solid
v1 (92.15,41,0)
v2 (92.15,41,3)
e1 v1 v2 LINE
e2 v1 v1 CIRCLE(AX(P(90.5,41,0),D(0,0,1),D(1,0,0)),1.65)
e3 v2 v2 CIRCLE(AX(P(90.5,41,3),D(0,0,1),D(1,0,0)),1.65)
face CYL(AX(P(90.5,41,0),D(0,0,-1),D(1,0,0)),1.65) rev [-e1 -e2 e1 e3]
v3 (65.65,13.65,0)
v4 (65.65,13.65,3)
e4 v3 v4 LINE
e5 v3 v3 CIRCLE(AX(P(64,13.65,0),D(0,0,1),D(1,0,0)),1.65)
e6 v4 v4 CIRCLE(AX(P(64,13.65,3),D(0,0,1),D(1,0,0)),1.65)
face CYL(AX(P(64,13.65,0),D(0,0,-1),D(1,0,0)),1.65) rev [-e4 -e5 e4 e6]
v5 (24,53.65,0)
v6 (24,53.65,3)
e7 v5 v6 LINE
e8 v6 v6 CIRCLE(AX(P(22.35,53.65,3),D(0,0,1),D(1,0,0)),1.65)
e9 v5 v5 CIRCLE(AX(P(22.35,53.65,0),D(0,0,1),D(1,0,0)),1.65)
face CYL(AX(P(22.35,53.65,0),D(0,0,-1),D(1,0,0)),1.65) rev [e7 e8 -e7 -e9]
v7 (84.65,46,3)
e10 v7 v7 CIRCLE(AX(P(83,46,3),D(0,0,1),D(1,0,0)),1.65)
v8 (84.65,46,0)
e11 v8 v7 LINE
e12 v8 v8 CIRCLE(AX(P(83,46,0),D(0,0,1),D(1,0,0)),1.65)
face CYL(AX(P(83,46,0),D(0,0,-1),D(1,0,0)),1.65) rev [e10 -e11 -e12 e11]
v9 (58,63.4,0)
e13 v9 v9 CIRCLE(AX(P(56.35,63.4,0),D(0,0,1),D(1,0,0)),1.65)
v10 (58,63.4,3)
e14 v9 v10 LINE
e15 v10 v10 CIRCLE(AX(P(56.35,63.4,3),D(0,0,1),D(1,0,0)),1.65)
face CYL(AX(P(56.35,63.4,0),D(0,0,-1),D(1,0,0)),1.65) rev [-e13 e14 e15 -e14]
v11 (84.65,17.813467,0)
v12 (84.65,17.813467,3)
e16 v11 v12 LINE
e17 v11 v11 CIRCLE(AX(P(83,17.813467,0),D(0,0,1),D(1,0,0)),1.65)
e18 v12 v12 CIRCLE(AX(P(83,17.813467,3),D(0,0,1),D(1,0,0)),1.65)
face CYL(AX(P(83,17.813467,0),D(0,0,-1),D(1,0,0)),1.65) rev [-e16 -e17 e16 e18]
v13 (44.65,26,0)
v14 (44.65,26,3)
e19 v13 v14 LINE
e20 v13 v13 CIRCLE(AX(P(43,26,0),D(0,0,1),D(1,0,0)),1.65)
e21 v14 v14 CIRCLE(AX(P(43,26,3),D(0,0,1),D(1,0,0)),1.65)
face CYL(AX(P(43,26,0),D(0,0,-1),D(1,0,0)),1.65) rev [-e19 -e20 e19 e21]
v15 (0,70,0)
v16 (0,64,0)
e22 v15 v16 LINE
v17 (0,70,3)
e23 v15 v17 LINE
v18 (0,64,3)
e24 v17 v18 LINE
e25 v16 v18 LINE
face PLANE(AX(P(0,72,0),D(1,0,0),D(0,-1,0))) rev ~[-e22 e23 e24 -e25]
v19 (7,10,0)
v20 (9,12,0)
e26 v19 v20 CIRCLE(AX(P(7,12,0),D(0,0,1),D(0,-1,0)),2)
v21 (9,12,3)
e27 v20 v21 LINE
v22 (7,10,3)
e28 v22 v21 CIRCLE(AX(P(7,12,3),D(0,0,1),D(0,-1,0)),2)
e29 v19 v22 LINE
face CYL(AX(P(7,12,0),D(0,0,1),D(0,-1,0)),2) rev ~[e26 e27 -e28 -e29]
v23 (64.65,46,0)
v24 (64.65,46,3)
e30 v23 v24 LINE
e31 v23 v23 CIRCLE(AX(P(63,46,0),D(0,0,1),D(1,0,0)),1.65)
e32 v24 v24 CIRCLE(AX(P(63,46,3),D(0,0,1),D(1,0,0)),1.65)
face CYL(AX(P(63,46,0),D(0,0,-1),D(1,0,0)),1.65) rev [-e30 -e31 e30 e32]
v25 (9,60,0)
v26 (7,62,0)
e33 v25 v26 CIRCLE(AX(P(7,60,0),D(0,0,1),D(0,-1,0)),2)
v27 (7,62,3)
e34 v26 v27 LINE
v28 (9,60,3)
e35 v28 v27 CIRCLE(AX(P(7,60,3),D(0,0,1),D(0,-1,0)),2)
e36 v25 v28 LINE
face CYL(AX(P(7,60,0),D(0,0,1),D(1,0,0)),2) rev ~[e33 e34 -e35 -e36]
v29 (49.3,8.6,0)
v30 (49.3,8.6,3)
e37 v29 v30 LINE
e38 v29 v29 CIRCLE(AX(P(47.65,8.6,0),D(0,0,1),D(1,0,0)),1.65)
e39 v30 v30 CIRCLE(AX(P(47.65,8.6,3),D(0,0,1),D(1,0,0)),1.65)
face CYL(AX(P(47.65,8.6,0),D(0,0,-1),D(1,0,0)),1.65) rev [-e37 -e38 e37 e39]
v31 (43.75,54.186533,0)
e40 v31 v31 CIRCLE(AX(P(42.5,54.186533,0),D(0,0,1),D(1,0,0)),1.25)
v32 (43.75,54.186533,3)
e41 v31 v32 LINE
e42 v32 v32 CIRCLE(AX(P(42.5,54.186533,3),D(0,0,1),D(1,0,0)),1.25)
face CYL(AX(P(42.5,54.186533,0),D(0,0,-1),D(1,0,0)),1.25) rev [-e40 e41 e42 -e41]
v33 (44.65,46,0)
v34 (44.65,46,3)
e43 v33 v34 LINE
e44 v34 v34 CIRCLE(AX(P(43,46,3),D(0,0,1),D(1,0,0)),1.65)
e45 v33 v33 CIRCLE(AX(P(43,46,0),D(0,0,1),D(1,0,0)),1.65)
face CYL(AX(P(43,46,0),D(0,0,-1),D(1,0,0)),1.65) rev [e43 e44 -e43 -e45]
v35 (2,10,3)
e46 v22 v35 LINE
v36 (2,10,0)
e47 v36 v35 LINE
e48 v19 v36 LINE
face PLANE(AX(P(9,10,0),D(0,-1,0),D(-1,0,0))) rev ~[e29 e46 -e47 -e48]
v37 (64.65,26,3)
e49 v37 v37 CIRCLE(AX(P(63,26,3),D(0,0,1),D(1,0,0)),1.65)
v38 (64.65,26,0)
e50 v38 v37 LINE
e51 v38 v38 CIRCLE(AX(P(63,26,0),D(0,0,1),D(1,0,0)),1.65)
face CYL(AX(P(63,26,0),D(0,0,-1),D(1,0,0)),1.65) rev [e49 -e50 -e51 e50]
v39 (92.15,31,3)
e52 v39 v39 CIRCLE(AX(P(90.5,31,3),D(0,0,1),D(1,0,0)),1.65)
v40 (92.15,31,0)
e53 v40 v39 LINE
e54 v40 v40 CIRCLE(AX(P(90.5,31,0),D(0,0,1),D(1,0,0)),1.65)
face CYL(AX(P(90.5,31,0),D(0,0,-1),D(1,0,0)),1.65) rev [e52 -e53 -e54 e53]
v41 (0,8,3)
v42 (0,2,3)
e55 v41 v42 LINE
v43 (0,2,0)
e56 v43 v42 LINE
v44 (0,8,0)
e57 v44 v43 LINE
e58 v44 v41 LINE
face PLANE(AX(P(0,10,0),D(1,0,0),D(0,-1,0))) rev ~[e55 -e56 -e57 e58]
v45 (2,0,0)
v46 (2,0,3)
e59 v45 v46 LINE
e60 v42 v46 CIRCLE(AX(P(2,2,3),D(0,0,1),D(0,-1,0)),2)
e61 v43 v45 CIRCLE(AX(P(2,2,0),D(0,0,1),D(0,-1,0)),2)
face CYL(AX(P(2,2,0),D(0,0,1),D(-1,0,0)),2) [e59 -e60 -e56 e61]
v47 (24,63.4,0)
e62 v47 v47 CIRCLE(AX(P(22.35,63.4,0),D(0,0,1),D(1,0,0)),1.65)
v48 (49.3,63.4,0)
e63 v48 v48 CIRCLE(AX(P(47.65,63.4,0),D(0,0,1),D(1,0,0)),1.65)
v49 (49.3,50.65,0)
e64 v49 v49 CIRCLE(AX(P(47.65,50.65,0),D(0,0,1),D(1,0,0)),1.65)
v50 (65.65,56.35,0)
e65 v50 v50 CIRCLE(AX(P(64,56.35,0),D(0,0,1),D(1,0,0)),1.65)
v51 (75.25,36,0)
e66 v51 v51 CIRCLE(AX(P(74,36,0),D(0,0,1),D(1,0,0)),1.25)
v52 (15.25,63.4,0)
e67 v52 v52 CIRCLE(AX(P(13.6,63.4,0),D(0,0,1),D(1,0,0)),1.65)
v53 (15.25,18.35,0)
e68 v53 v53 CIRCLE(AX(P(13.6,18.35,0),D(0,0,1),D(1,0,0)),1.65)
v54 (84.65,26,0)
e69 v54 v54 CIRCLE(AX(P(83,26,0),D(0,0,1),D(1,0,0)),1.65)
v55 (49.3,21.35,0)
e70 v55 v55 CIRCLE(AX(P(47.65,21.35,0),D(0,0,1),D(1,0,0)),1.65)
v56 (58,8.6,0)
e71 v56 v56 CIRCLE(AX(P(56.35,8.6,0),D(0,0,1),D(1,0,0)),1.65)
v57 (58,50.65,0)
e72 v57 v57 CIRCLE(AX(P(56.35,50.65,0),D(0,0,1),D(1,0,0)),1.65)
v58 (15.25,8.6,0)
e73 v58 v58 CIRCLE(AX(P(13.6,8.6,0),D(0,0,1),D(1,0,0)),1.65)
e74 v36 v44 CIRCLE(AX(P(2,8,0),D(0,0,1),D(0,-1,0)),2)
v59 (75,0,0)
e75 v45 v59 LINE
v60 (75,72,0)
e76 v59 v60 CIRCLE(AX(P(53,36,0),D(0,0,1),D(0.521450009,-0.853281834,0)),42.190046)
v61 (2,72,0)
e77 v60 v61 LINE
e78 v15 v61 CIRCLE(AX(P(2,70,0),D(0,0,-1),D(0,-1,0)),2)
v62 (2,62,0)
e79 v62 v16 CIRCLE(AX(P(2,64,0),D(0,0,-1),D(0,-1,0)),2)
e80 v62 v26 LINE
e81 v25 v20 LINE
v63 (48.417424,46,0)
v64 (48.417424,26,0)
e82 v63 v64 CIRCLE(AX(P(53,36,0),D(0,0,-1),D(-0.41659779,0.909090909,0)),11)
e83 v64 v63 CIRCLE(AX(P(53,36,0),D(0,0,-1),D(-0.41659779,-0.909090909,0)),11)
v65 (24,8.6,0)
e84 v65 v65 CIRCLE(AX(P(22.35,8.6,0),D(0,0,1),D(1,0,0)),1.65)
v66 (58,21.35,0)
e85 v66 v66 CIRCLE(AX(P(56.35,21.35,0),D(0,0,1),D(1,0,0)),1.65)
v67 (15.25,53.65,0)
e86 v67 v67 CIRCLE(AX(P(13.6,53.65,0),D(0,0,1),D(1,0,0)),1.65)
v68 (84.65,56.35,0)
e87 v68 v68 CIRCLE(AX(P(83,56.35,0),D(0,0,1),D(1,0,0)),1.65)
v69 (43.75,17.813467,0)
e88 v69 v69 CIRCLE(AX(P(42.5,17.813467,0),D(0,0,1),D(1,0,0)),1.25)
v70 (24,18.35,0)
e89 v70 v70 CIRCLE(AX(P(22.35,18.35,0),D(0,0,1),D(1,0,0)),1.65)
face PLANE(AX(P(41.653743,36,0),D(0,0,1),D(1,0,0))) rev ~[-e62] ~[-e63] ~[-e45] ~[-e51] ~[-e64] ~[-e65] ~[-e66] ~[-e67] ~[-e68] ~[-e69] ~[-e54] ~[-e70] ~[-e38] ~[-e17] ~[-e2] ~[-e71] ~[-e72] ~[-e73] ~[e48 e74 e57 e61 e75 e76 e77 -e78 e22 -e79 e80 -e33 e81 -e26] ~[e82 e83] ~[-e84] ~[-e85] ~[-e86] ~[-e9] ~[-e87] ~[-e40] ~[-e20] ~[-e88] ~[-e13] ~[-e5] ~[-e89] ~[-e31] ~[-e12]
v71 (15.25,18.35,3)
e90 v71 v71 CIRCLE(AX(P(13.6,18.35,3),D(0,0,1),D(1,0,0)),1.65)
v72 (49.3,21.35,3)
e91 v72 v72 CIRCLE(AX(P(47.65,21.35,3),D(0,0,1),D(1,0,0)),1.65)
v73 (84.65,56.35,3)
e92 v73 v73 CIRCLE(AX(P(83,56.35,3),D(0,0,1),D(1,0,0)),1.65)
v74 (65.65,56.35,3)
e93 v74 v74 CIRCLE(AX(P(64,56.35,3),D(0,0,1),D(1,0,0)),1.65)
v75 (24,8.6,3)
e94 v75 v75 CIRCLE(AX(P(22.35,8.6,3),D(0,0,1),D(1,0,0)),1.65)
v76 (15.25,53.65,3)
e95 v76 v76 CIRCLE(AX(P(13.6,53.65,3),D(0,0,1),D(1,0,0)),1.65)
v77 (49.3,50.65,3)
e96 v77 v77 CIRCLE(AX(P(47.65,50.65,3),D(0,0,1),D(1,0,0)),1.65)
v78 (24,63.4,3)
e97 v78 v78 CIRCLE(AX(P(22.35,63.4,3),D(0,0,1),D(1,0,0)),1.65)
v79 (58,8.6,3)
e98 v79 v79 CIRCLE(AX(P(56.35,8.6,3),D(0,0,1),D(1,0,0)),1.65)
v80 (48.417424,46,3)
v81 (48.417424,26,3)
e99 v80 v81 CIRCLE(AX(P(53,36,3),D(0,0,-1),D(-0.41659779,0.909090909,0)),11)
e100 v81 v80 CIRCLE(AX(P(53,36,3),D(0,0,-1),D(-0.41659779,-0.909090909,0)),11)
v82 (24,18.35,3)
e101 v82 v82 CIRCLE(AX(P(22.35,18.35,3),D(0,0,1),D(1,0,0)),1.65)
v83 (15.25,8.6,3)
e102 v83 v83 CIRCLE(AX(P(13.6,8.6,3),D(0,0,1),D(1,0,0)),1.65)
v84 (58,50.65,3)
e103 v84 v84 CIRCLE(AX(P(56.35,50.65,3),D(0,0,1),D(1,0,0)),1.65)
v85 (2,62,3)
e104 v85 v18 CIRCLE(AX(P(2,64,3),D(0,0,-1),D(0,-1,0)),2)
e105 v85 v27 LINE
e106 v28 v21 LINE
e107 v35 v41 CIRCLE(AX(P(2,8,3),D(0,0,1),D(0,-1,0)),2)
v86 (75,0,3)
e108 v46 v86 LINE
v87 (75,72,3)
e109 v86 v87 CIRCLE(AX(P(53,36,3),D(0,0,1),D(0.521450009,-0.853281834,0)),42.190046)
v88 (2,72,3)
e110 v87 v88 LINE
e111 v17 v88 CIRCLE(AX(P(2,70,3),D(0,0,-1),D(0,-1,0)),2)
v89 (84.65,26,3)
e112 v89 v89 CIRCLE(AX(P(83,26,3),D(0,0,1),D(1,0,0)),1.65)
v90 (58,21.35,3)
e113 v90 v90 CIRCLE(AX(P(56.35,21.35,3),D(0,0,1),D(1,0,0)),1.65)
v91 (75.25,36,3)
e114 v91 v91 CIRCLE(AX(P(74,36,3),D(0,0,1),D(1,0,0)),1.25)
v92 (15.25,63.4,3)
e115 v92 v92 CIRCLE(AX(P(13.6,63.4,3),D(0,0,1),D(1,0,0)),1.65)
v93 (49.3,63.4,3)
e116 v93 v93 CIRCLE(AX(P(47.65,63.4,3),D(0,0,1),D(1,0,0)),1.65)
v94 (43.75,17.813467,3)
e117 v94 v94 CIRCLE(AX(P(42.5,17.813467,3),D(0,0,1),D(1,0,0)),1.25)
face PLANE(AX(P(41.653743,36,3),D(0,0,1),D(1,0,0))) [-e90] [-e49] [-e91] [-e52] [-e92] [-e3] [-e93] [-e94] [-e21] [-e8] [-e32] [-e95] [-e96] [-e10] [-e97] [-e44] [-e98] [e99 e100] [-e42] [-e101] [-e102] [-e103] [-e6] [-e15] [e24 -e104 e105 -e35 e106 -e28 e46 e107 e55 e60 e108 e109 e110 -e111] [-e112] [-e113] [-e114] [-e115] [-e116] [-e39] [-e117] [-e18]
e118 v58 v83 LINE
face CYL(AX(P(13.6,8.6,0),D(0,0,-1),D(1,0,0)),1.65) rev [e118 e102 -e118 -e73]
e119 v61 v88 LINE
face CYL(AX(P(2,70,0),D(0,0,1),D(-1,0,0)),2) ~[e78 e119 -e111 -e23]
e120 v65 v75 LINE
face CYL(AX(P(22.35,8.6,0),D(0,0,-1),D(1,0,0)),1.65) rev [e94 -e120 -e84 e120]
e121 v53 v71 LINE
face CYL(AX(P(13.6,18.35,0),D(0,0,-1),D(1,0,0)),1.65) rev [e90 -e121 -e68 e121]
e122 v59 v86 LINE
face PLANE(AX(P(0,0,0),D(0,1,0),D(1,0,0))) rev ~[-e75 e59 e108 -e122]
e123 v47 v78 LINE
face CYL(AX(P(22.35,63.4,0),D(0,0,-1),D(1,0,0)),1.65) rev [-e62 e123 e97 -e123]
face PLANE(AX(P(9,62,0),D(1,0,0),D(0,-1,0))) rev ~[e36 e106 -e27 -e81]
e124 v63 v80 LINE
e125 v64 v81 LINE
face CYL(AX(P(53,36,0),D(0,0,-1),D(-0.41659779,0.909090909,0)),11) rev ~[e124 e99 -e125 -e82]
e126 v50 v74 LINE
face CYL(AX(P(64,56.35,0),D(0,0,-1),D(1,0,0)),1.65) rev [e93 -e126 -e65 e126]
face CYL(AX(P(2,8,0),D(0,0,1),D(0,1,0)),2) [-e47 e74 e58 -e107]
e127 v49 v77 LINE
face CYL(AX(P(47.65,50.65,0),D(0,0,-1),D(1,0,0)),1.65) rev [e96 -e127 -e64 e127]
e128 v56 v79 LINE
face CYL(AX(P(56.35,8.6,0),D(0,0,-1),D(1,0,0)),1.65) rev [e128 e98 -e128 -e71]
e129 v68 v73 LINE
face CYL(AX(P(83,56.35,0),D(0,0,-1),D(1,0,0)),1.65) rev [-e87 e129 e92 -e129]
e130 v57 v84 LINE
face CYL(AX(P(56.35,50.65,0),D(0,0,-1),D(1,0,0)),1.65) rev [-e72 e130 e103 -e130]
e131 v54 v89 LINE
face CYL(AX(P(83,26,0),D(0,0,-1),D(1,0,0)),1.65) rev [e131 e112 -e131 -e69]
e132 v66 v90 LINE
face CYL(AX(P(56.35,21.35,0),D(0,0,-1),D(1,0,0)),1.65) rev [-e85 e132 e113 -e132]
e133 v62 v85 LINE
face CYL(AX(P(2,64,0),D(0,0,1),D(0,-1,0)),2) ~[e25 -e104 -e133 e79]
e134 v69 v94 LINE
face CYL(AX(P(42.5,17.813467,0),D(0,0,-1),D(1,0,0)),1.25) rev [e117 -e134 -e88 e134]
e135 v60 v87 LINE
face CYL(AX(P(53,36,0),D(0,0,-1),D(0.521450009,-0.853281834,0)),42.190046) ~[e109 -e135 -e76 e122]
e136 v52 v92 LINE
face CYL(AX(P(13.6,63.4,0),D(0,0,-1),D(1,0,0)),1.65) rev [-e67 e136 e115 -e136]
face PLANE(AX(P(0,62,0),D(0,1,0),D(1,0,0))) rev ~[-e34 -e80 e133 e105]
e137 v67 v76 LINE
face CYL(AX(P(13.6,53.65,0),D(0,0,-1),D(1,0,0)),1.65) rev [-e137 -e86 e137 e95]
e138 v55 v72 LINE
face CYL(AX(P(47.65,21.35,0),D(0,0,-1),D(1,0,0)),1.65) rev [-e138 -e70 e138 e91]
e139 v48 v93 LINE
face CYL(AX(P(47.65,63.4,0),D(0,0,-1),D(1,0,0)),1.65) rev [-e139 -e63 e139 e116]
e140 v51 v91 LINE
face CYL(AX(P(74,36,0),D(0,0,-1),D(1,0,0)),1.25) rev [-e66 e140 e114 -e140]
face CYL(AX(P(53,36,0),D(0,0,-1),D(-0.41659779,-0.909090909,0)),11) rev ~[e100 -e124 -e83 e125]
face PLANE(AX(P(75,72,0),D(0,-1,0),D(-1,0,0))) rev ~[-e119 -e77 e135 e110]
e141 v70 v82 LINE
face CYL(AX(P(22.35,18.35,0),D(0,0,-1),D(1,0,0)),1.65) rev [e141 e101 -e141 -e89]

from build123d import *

# Parameters (mm, degrees)
SKETCH_3_R      = 1.65
SKETCH_3_R_2    = 1.25
EXTRUDE_2_DEPTH = 3
FILLET_2_R      = 2


with BuildPart() as part:
    # 草图3 → 凸台-拉伸2 (new body)
    with BuildSketch(Plane.XY):
        with BuildLine():
            Line((9, 10), (0, 10))
            Line((0, 10), (0, 0))
            Line((0, 0), (75, 0))
            ThreePointArc((75, 0), (95.190046219, 36), (75, 72))
            Line((75, 72), (0, 72))
            Line((0, 72), (0, 62))
            Line((0, 62), (9, 62))
            Line((9, 62), (9, 10))
        make_face()
        with Locations((13.6, 8.6)):
            Circle(SKETCH_3_R, mode=Mode.SUBTRACT)
        with Locations((22.35, 8.6)):
            Circle(SKETCH_3_R, mode=Mode.SUBTRACT)
        with Locations((13.6, 18.35)):
            Circle(SKETCH_3_R, mode=Mode.SUBTRACT)
        with Locations((22.35, 18.35)):
            Circle(SKETCH_3_R, mode=Mode.SUBTRACT)
        with Locations((47.65, 8.6)):
            Circle(SKETCH_3_R, mode=Mode.SUBTRACT)
        with Locations((42.5, 17.813466521)):
            Circle(SKETCH_3_R_2, mode=Mode.SUBTRACT)
        with Locations((47.65, 21.35)):
            Circle(SKETCH_3_R, mode=Mode.SUBTRACT)
        with Locations((43, 26)):
            Circle(SKETCH_3_R, mode=Mode.SUBTRACT)
        with Locations((56.35, 8.6)):
            Circle(SKETCH_3_R, mode=Mode.SUBTRACT)
        with Locations((64, 13.65)):
            Circle(SKETCH_3_R, mode=Mode.SUBTRACT)
        with Locations((56.35, 21.35)):
            Circle(SKETCH_3_R, mode=Mode.SUBTRACT)
        with Locations((83, 17.813466521)):
            Circle(SKETCH_3_R, mode=Mode.SUBTRACT)
        with Locations((63, 26)):
            Circle(SKETCH_3_R, mode=Mode.SUBTRACT)
        with Locations((83, 26)):
            Circle(SKETCH_3_R, mode=Mode.SUBTRACT)
        with Locations((90.5, 31)):
            Circle(SKETCH_3_R, mode=Mode.SUBTRACT)
        with Locations((43, 46)):
            Circle(SKETCH_3_R, mode=Mode.SUBTRACT)
        with Locations((13.6, 53.65)):
            Circle(SKETCH_3_R, mode=Mode.SUBTRACT)
        with Locations((22.35, 53.65)):
            Circle(SKETCH_3_R, mode=Mode.SUBTRACT)
        with Locations((13.6, 63.4)):
            Circle(SKETCH_3_R, mode=Mode.SUBTRACT)
        with Locations((22.35, 63.4)):
            Circle(SKETCH_3_R, mode=Mode.SUBTRACT)
        with Locations((47.65, 50.65)):
            Circle(SKETCH_3_R, mode=Mode.SUBTRACT)
        with Locations((42.5, 54.186533479)):
            Circle(SKETCH_3_R_2, mode=Mode.SUBTRACT)
        with Locations((47.65, 63.4)):
            Circle(SKETCH_3_R, mode=Mode.SUBTRACT)
        with BuildLine():
            ThreePointArc((48.417424305, 26), (42, 36), (48.417424305, 46))
            ThreePointArc((48.417424305, 46), (64, 36), (48.417424305, 26))
        make_face(mode=Mode.SUBTRACT)
        with Locations((63, 46)):
            Circle(SKETCH_3_R, mode=Mode.SUBTRACT)
        with Locations((74, 36)):
            Circle(SKETCH_3_R_2, mode=Mode.SUBTRACT)
        with Locations((90.5, 41)):
            Circle(SKETCH_3_R, mode=Mode.SUBTRACT)
        with Locations((83, 46)):
            Circle(SKETCH_3_R, mode=Mode.SUBTRACT)
        with Locations((56.35, 50.65)):
            Circle(SKETCH_3_R, mode=Mode.SUBTRACT)
        with Locations((64, 56.35)):
            Circle(SKETCH_3_R, mode=Mode.SUBTRACT)
        with Locations((56.35, 63.4)):
            Circle(SKETCH_3_R, mode=Mode.SUBTRACT)
        with Locations((83, 56.35)):
            Circle(SKETCH_3_R, mode=Mode.SUBTRACT)
    extrude(amount=EXTRUDE_2_DEPTH)

    # 圆角2
    fillet_2_edges = [part.edges().sort_by_distance(p)[0] for p in [
        (0, 0, 1.5),
        (0, 10, 1.5),
        (9, 10, 1.5),
        (9, 62, 1.5),
        (0, 62, 1.5),
        (0, 72, 1.5),
    ]]
    fillet(fillet_2_edges, radius=FILLET_2_R)


solid = part.part
